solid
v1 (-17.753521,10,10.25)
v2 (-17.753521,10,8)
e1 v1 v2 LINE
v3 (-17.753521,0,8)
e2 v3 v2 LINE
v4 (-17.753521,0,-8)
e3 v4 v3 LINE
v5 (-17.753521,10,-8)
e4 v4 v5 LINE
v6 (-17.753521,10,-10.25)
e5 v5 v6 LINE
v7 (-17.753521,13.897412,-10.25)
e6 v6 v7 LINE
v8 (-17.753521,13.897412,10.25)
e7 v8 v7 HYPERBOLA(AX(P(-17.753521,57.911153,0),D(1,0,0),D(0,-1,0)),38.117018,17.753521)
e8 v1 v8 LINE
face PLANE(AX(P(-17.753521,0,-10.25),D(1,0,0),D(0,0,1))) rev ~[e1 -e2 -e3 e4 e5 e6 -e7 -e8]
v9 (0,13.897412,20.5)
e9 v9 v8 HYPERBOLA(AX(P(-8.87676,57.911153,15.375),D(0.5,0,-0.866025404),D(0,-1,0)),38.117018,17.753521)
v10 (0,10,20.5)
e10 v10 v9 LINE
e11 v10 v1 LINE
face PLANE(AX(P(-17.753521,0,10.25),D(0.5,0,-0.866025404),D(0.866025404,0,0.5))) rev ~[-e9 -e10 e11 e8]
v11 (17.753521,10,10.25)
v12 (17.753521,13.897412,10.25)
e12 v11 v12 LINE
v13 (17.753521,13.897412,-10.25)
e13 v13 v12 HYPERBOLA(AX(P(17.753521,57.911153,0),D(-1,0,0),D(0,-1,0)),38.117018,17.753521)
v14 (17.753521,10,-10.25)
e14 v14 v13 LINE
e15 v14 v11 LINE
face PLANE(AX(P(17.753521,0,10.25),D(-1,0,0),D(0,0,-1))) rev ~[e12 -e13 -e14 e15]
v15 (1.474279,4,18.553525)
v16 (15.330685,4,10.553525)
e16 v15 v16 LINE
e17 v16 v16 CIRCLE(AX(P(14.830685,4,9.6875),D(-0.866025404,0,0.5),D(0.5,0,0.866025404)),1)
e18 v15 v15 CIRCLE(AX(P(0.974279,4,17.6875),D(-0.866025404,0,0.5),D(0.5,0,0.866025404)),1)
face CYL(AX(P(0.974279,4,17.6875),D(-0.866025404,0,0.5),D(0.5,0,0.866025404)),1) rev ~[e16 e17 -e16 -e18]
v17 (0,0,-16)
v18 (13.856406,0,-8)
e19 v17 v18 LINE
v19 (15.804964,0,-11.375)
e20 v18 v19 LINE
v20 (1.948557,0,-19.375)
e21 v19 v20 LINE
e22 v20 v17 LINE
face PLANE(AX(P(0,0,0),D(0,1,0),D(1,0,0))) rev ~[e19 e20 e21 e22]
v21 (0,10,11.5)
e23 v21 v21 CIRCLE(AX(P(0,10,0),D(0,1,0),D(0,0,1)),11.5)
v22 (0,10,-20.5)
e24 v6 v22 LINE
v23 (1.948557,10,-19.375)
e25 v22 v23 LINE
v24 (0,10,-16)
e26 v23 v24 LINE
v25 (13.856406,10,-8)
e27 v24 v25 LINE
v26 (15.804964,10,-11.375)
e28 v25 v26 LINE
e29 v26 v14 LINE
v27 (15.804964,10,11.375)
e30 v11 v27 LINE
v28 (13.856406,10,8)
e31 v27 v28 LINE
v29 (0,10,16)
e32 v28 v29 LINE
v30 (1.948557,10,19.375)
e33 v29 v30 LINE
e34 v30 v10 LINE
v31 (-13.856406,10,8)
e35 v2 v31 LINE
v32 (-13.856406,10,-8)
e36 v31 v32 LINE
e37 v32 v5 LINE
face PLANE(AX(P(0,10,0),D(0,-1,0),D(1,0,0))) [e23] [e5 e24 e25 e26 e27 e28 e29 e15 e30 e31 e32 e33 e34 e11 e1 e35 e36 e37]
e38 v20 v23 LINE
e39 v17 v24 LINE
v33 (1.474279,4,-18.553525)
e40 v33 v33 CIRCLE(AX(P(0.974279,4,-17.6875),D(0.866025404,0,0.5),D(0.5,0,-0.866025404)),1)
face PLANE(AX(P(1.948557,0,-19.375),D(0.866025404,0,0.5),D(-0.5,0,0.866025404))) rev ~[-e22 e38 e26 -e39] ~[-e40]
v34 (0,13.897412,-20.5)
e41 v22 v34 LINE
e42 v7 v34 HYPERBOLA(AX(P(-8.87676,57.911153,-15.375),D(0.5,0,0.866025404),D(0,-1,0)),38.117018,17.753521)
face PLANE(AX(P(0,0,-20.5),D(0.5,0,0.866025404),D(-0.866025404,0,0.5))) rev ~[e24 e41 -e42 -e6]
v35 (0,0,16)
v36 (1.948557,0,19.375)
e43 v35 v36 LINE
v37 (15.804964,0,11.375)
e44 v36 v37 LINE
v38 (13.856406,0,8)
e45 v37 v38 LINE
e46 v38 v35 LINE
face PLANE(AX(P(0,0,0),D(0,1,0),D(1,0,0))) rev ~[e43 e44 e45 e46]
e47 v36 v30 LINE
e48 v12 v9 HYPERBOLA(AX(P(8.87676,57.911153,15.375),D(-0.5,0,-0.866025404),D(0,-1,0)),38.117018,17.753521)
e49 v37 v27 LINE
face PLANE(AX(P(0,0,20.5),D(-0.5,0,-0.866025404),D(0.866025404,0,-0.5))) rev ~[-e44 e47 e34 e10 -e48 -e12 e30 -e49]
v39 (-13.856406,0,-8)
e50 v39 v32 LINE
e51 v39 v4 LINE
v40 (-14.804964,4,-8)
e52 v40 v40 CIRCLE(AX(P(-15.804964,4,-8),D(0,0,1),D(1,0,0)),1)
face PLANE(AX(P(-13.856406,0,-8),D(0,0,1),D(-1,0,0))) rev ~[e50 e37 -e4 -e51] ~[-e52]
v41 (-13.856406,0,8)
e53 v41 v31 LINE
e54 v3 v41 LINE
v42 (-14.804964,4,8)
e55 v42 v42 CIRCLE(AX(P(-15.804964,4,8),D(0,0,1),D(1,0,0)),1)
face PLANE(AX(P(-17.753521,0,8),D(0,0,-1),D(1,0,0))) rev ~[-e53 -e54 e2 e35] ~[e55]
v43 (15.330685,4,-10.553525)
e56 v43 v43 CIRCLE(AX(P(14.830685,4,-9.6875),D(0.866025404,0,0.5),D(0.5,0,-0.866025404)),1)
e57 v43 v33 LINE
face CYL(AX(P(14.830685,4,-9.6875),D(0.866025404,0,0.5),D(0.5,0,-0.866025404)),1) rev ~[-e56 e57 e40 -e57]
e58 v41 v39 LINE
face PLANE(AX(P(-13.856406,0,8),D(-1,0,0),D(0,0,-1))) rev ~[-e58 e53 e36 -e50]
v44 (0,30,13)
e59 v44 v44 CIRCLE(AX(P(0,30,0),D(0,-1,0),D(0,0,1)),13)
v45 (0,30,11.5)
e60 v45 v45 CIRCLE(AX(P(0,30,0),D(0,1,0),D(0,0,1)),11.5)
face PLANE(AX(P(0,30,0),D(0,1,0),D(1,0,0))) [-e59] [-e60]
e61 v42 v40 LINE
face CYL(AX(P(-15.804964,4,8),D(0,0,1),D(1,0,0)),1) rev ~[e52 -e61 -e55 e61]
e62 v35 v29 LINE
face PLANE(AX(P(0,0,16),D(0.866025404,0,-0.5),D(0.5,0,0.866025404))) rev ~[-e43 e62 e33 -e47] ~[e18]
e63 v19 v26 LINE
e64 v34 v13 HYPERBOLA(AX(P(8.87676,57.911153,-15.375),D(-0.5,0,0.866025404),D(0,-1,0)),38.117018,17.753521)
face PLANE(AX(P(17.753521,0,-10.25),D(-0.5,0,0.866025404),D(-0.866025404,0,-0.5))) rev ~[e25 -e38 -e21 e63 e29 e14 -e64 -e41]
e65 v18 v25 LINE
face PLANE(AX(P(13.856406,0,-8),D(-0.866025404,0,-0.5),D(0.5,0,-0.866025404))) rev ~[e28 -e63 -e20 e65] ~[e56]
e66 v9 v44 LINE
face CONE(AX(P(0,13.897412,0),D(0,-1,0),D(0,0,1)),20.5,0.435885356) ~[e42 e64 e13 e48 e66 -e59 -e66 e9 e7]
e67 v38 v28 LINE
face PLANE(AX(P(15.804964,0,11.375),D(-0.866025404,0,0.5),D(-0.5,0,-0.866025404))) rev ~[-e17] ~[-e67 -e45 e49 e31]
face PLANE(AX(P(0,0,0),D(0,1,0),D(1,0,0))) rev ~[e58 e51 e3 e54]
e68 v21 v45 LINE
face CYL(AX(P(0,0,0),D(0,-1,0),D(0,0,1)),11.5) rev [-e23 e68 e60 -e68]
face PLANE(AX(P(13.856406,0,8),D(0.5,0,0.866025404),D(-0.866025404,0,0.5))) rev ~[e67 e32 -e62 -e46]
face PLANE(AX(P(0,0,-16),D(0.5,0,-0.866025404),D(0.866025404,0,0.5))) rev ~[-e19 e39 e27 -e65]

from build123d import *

# Parameters (mm, degrees)
SKETCH1_R           = 11.5
BOSS_EXTRUDE1_DEPTH = 30
SKETCH4_R           = 11.5
CUT_EXTRUDE1_DEPTH  = 10
SKETCH5_R           = 1
CUT_EXTRUDE2_DEPTH  = 46.027075188
SKETCH6_R           = 1
CUT_EXTRUDE3_DEPTH  = 46.928613086
SKETCH7_R           = 1
CUT_EXTRUDE4_DEPTH  = 46.928613086


with BuildPart() as part:
    # Sketch1 → Boss-Extrude1 (new body)
    with BuildSketch(Plane(origin=(0, 0, 0), x_dir=(1, 0, 0), z_dir=(0, 1, 0))):
        Polygon((0, 20.5), (-17.753520778, 10.25), (-17.753520778, -10.25), (0, -20.5), (17.753520778, -10.25), (17.753520778, 10.25), align=None)
        with Locations(Location((0, 0, 0), (0, 0, 270))):
            Circle(SKETCH1_R, mode=Mode.SUBTRACT)
    extrude(amount=BOSS_EXTRUDE1_DEPTH)

    # Sketch2 → Cut-Revolve1 (revolve, cut)
    with BuildSketch(Plane.XY, mode=Mode.PRIVATE) as cut_revolve1_sk:
        Polygon((20.5, 13.897411558), (13, 30), (0, 30), (0, 31.097791256), (25.351389146, 31.097791256), (24.973358823, 13.897411558), align=None)
    revolve(cut_revolve1_sk.sketch.rotate(Axis((0, 30, 0), (0, -1, 0)), 90), axis=Axis((0, 30, 0), (0, -1, 0)), mode=Mode.SUBTRACT)

    # Sketch4 → Cut-Extrude1 (cut)
    with BuildSketch(Plane.XZ):
        Polygon((-13.856406461, -8), (-17.753520778, -8), (-17.753520778, -10.25), (0, -20.5), (1.948557159, -19.375), (0, -16), (13.856406461, -8), (15.804963619, -11.375), (17.753520778, -10.25), (17.753520778, 10.25), (15.804963619, 11.375), (13.856406461, 8), (0, 16), (1.948557159, 19.375), (0, 20.5), (-17.753520778, 10.25), (-17.753520778, 8), (-13.856406461, 8), align=None)
        with Locations(Location((0, 0, 0), (0, 0, 270))):
            Circle(SKETCH4_R, mode=Mode.SUBTRACT)
    extrude(amount=-CUT_EXTRUDE1_DEPTH, mode=Mode.SUBTRACT)

    # Sketch5 → Cut-Extrude2 (cut, through all)
    with BuildSketch(Plane.XY.offset(8)):
        with Locations((-15.804963619, 4)):
            Circle(SKETCH5_R)
    extrude(amount=-CUT_EXTRUDE2_DEPTH, mode=Mode.SUBTRACT)

    # Sketch6 → Cut-Extrude3 (cut, through all)
    with BuildSketch(Plane(origin=(-6.92820323, 0, 4), x_dir=(0.5000000000000042, 0, 0.8660254037844363), z_dir=(-0.8660254037844362, 0, 0.5000000000000041))):
        with Locations((15.804963619, 4)):
            Circle(SKETCH6_R)
    extrude(amount=-CUT_EXTRUDE3_DEPTH, mode=Mode.SUBTRACT)

    # Sketch7 → Cut-Extrude4 (cut, through all)
    with BuildSketch(Plane(origin=(6.92820323, 0, 4), x_dir=(0.4999999999999912, 0, -0.8660254037844437), z_dir=(0.8660254037844437, 0, 0.4999999999999912))):
        with Locations((15.804963619, 4)):
            Circle(SKETCH7_R)
    extrude(amount=-CUT_EXTRUDE4_DEPTH, mode=Mode.SUBTRACT)


solid = part.part
